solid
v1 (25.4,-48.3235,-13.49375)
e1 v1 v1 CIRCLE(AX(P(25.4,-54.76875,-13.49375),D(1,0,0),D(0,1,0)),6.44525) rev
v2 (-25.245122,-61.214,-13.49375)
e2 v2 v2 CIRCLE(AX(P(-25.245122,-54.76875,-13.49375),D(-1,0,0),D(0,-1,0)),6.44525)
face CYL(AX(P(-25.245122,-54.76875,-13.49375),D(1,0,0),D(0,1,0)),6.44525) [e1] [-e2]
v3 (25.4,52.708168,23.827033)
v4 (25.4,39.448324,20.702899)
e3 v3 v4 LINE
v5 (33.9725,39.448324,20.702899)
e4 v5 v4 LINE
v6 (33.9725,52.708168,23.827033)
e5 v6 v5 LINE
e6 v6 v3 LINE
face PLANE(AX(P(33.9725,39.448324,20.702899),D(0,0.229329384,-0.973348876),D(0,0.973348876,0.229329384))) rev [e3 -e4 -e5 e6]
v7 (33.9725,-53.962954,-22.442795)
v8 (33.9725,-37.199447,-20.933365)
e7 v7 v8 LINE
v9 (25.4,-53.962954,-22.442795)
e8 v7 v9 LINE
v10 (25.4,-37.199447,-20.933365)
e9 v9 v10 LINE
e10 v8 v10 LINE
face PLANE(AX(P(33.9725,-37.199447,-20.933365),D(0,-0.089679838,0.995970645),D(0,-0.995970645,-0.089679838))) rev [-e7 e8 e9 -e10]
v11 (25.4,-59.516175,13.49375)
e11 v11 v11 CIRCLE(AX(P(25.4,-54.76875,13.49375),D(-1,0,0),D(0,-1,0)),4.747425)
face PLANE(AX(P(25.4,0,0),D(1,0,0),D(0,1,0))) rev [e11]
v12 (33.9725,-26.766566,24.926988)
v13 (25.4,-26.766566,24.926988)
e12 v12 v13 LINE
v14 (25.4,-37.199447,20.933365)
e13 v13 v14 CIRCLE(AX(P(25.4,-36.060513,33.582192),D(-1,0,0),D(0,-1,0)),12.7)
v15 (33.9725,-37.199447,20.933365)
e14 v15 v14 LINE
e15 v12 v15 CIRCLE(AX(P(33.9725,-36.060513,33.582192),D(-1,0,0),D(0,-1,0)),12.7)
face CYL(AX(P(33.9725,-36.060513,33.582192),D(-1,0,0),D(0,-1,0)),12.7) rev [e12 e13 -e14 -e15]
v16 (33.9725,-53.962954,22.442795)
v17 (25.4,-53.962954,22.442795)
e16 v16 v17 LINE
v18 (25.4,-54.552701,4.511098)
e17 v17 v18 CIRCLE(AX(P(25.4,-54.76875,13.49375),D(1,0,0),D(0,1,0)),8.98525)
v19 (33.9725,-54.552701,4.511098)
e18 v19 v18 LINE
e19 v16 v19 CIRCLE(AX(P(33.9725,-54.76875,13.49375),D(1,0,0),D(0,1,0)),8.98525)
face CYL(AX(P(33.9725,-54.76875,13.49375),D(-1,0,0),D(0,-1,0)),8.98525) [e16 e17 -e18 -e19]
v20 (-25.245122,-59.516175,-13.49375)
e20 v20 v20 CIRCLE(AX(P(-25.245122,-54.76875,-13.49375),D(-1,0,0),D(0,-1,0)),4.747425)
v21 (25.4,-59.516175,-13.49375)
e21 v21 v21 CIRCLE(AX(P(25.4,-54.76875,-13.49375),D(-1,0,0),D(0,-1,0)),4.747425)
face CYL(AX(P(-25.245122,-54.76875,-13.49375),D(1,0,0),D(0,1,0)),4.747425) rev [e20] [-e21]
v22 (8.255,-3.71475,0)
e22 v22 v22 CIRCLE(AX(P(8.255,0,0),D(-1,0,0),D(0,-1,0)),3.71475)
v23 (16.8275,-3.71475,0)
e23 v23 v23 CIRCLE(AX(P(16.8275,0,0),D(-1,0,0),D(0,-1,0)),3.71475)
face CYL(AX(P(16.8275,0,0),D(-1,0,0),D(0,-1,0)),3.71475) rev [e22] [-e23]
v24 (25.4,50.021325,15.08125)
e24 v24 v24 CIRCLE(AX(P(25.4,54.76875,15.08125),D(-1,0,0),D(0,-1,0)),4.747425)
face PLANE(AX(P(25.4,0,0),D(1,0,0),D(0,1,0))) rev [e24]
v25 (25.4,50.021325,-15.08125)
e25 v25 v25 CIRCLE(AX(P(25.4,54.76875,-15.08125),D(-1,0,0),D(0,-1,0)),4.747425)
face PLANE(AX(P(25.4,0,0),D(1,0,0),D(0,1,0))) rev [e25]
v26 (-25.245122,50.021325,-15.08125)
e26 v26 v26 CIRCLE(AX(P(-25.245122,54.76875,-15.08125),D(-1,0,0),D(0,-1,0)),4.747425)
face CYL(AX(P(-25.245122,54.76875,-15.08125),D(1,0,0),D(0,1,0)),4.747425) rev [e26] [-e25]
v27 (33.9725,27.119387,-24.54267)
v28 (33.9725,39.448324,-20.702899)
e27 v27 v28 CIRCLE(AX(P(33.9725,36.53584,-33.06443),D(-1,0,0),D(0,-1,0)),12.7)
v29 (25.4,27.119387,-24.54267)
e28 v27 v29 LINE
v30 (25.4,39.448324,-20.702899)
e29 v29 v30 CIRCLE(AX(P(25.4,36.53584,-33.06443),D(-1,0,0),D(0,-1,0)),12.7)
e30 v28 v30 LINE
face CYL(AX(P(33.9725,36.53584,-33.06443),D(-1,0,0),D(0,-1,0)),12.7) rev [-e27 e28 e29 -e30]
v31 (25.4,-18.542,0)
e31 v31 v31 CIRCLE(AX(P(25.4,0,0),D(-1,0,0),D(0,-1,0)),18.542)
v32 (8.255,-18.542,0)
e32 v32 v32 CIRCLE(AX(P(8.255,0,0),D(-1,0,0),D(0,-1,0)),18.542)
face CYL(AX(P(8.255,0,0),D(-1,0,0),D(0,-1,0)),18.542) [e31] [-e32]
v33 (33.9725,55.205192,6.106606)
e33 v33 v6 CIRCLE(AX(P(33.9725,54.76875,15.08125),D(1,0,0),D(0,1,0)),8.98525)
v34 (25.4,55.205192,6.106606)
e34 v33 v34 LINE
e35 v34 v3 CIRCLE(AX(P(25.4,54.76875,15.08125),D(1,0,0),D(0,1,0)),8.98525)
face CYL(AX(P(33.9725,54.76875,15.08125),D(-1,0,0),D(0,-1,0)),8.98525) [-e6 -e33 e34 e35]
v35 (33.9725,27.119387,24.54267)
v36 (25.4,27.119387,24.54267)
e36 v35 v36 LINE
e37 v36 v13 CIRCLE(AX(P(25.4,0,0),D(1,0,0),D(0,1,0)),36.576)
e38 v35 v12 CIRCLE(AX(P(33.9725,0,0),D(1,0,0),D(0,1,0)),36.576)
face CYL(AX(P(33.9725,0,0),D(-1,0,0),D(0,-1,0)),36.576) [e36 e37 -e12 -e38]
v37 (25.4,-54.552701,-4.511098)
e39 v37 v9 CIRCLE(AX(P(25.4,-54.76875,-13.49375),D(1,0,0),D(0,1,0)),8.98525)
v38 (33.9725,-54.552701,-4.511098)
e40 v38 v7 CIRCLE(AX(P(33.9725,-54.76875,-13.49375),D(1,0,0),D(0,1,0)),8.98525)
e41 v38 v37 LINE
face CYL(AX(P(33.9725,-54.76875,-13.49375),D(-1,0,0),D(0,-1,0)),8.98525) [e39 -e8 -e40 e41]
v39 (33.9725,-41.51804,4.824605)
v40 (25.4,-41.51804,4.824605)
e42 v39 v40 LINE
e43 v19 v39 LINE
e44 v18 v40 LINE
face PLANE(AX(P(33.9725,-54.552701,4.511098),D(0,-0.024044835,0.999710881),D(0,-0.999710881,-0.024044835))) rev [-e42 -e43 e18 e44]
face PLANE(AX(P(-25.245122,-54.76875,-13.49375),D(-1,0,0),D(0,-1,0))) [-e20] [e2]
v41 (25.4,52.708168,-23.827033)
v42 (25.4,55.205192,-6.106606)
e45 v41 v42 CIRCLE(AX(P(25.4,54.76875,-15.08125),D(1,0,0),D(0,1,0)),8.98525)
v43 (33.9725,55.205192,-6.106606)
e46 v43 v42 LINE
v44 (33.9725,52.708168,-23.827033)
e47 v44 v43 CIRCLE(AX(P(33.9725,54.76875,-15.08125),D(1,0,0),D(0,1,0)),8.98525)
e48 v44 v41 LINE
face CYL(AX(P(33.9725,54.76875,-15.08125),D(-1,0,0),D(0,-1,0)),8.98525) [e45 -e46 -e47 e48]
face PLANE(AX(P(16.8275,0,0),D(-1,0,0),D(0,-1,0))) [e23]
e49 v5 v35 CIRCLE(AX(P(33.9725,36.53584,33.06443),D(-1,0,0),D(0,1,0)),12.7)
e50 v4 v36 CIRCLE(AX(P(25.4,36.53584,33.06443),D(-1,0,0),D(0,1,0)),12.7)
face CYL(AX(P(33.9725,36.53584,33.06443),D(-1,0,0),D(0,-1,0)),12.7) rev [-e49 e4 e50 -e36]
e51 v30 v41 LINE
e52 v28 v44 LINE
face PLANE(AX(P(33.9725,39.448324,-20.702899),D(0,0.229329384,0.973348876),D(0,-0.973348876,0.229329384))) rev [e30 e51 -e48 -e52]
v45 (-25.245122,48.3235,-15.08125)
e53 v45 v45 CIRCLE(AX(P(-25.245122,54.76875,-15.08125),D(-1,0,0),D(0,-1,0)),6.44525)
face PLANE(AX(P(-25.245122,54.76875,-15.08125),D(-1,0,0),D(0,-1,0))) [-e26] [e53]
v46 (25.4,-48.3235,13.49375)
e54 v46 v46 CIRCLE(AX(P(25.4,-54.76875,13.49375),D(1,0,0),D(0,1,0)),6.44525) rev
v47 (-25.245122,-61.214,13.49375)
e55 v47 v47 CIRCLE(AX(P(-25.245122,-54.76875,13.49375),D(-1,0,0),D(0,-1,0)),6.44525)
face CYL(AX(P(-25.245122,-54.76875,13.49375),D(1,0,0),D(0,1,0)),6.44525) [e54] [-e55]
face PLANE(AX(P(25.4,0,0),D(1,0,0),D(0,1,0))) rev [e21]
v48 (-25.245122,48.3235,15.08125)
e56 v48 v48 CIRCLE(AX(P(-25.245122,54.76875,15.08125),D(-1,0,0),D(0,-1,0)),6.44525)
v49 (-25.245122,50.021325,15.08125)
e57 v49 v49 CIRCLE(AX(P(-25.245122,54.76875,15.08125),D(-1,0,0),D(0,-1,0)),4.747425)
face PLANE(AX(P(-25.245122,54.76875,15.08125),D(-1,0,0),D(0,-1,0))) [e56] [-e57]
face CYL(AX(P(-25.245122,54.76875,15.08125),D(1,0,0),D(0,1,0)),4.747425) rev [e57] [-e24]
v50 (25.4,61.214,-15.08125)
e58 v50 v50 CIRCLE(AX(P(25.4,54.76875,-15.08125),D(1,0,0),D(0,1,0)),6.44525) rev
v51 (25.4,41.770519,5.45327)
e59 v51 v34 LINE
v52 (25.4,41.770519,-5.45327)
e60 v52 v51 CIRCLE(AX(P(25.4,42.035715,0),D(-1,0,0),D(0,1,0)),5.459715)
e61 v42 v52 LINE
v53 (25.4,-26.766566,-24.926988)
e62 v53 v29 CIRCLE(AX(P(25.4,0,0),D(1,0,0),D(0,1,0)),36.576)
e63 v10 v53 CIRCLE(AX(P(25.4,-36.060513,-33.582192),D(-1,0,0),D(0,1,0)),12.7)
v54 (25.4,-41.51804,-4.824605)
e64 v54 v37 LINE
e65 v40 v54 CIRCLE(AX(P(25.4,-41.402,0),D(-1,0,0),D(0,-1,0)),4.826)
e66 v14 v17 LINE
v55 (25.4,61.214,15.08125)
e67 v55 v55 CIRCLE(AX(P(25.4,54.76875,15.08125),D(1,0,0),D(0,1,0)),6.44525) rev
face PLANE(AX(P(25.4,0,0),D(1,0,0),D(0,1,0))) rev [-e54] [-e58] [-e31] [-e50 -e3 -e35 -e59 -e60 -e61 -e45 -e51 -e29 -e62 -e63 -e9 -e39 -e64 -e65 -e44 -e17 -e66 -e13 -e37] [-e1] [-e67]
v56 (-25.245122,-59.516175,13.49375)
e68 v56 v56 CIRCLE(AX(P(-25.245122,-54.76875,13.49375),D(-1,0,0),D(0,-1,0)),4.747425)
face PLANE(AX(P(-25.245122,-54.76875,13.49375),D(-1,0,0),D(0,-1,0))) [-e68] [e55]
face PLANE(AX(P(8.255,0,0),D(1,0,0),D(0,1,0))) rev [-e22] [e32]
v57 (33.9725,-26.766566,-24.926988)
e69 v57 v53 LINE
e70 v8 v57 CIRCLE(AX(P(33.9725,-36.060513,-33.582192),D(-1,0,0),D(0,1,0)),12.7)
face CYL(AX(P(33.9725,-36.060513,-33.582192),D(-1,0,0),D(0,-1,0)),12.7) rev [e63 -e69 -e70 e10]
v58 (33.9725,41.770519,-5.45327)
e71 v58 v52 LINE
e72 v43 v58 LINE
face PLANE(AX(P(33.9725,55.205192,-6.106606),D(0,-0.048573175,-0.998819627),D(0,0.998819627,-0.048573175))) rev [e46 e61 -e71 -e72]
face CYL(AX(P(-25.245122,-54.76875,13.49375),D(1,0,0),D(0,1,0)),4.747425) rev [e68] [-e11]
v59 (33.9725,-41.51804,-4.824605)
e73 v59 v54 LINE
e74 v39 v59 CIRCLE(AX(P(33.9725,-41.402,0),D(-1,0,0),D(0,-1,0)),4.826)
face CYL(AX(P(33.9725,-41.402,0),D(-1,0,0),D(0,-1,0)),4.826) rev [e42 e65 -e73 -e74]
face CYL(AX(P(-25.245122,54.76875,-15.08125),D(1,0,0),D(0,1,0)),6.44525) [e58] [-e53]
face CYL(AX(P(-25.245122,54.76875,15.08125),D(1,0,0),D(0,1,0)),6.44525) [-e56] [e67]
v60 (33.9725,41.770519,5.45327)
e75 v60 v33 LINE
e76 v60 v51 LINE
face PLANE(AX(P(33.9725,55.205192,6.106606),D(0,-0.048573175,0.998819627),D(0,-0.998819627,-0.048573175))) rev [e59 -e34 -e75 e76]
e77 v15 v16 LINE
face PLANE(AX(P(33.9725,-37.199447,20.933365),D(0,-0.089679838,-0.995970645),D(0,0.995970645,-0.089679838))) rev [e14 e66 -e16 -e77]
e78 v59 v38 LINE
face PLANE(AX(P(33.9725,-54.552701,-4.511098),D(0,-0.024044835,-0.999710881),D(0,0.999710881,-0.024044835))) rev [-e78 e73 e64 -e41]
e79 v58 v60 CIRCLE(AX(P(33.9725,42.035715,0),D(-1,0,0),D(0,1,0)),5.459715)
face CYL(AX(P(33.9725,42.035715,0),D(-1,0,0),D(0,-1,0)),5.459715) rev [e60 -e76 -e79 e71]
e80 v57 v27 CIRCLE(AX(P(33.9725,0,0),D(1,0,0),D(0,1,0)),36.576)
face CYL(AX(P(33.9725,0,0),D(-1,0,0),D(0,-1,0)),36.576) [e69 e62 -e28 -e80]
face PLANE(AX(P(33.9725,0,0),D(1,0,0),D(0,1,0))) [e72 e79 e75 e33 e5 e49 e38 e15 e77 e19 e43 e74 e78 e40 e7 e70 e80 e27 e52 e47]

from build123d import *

# Parameters (mm, degrees)
SKETCH1_W           = 17.145
SKETCH1_H           = 18.542
SKETCH2_R           = 3.71475
CUT_EXTRUDE1_DEPTH  = 8.5725
BOSS_EXTRUDE1_DEPTH = 8.5725
SKETCH4_R           = 6.44525
SKETCH4_R_2         = 4.7474251
BOSS_EXTRUDE2_DEPTH = 50.645121951


with BuildPart() as part:
    # Sketch1 → Revolve1 (revolve)
    with BuildSketch(Plane.XY):
        with Locations((16.8275, 9.271)):
            Rectangle(SKETCH1_W, SKETCH1_H)
    revolve(axis=Axis((8.255, 0, 0), (1, 0, 0)))

    # Sketch2 → Cut-Extrude1 (cut)
    with BuildSketch(Plane.ZY.offset(-8.255)):
        Circle(SKETCH2_R)
    extrude(amount=-CUT_EXTRUDE1_DEPTH, mode=Mode.SUBTRACT)

    # Sketch3 → Boss-Extrude1 (add)
    with BuildSketch(Plane(origin=(25.4, 0, 0), x_dir=(0, 0, -1), z_dir=(1, 0, 0))):
        with BuildLine():
            Line((-20.702899344, 39.448323668), (-23.827032985, 52.708168154))
            ThreePointArc((-23.827032985, 52.708168154), (-16.334994998, 63.666100226), (-6.106605949, 55.205192121))
            Line((-6.106605949, 55.205192121), (-5.453270033, 41.770518865))
            ThreePointArc((-5.453270033, 41.770518865), (0, 36.576), (5.453270033, 41.770518865))
            Line((5.453270033, 41.770518865), (6.106605949, 55.205192121))
            ThreePointArc((6.106605949, 55.205192121), (16.334994998, 63.666100226), (23.827032985, 52.708168154))
            Line((23.827032985, 52.708168154), (20.702899344, 39.448323668))
            ThreePointArc((20.702899344, 39.448323668), (20.938893682, 32.759417922), (24.542669739, 27.119386757))
            ThreePointArc((24.542669739, 27.119386757), (36.575069792, 0.260855666), (24.926987696, -26.766566093))
            ThreePointArc((24.926987696, -26.766566093), (21.721471464, -31.520323876), (20.93336456, -37.199446597))
            Line((20.93336456, -37.199446597), (22.442795242, -53.962954235))
            ThreePointArc((22.442795242, -53.962954235), (13.789101844, -63.749144471), (4.511097805, -54.552701147))
            Line((4.511097805, -54.552701147), (4.824604712, -41.518040373))
            ThreePointArc((4.824604712, -41.518040373), (0, -36.576), (-4.824604712, -41.518040373))
            Line((-4.824604712, -41.518040373), (-4.511097805, -54.552701147))
            ThreePointArc((-4.511097805, -54.552701147), (-13.789101844, -63.749144471), (-22.442795242, -53.962954235))
            Line((-22.442795242, -53.962954235), (-20.93336456, -37.199446597))
            ThreePointArc((-20.93336456, -37.199446597), (-21.721471464, -31.520323876), (-24.926987696, -26.766566093))
            ThreePointArc((-24.926987696, -26.766566093), (-36.575069792, 0.260855666), (-24.542669739, 27.119386757))
            ThreePointArc((-24.542669739, 27.119386757), (-20.938893682, 32.759417922), (-20.702899344, 39.448323668))
        make_face()
    extrude(amount=BOSS_EXTRUDE1_DEPTH)

    # Sketch4 → Boss-Extrude2 (add)
    with BuildSketch(Plane.ZY.offset(-25.4)):
        with Locations((-15.08125, 54.76875)):
            Circle(SKETCH4_R)
        with Locations((-15.08125, 54.76875)):
            Circle(SKETCH4_R_2, mode=Mode.SUBTRACT)
        with Locations((15.08125, 54.76875)):
            Circle(SKETCH4_R)
        with Locations((15.08125, 54.76875)):
            Circle(SKETCH4_R_2, mode=Mode.SUBTRACT)
        with Locations((13.49375, -54.76875)):
            Circle(SKETCH4_R)
        with Locations((13.49375, -54.76875)):
            Circle(SKETCH4_R_2, mode=Mode.SUBTRACT)
        with Locations((-13.49375, -54.76875)):
            Circle(SKETCH4_R)
        with Locations((-13.49375, -54.76875)):
            Circle(SKETCH4_R_2, mode=Mode.SUBTRACT)
    extrude(amount=BOSS_EXTRUDE2_DEPTH)


solid = part.part
